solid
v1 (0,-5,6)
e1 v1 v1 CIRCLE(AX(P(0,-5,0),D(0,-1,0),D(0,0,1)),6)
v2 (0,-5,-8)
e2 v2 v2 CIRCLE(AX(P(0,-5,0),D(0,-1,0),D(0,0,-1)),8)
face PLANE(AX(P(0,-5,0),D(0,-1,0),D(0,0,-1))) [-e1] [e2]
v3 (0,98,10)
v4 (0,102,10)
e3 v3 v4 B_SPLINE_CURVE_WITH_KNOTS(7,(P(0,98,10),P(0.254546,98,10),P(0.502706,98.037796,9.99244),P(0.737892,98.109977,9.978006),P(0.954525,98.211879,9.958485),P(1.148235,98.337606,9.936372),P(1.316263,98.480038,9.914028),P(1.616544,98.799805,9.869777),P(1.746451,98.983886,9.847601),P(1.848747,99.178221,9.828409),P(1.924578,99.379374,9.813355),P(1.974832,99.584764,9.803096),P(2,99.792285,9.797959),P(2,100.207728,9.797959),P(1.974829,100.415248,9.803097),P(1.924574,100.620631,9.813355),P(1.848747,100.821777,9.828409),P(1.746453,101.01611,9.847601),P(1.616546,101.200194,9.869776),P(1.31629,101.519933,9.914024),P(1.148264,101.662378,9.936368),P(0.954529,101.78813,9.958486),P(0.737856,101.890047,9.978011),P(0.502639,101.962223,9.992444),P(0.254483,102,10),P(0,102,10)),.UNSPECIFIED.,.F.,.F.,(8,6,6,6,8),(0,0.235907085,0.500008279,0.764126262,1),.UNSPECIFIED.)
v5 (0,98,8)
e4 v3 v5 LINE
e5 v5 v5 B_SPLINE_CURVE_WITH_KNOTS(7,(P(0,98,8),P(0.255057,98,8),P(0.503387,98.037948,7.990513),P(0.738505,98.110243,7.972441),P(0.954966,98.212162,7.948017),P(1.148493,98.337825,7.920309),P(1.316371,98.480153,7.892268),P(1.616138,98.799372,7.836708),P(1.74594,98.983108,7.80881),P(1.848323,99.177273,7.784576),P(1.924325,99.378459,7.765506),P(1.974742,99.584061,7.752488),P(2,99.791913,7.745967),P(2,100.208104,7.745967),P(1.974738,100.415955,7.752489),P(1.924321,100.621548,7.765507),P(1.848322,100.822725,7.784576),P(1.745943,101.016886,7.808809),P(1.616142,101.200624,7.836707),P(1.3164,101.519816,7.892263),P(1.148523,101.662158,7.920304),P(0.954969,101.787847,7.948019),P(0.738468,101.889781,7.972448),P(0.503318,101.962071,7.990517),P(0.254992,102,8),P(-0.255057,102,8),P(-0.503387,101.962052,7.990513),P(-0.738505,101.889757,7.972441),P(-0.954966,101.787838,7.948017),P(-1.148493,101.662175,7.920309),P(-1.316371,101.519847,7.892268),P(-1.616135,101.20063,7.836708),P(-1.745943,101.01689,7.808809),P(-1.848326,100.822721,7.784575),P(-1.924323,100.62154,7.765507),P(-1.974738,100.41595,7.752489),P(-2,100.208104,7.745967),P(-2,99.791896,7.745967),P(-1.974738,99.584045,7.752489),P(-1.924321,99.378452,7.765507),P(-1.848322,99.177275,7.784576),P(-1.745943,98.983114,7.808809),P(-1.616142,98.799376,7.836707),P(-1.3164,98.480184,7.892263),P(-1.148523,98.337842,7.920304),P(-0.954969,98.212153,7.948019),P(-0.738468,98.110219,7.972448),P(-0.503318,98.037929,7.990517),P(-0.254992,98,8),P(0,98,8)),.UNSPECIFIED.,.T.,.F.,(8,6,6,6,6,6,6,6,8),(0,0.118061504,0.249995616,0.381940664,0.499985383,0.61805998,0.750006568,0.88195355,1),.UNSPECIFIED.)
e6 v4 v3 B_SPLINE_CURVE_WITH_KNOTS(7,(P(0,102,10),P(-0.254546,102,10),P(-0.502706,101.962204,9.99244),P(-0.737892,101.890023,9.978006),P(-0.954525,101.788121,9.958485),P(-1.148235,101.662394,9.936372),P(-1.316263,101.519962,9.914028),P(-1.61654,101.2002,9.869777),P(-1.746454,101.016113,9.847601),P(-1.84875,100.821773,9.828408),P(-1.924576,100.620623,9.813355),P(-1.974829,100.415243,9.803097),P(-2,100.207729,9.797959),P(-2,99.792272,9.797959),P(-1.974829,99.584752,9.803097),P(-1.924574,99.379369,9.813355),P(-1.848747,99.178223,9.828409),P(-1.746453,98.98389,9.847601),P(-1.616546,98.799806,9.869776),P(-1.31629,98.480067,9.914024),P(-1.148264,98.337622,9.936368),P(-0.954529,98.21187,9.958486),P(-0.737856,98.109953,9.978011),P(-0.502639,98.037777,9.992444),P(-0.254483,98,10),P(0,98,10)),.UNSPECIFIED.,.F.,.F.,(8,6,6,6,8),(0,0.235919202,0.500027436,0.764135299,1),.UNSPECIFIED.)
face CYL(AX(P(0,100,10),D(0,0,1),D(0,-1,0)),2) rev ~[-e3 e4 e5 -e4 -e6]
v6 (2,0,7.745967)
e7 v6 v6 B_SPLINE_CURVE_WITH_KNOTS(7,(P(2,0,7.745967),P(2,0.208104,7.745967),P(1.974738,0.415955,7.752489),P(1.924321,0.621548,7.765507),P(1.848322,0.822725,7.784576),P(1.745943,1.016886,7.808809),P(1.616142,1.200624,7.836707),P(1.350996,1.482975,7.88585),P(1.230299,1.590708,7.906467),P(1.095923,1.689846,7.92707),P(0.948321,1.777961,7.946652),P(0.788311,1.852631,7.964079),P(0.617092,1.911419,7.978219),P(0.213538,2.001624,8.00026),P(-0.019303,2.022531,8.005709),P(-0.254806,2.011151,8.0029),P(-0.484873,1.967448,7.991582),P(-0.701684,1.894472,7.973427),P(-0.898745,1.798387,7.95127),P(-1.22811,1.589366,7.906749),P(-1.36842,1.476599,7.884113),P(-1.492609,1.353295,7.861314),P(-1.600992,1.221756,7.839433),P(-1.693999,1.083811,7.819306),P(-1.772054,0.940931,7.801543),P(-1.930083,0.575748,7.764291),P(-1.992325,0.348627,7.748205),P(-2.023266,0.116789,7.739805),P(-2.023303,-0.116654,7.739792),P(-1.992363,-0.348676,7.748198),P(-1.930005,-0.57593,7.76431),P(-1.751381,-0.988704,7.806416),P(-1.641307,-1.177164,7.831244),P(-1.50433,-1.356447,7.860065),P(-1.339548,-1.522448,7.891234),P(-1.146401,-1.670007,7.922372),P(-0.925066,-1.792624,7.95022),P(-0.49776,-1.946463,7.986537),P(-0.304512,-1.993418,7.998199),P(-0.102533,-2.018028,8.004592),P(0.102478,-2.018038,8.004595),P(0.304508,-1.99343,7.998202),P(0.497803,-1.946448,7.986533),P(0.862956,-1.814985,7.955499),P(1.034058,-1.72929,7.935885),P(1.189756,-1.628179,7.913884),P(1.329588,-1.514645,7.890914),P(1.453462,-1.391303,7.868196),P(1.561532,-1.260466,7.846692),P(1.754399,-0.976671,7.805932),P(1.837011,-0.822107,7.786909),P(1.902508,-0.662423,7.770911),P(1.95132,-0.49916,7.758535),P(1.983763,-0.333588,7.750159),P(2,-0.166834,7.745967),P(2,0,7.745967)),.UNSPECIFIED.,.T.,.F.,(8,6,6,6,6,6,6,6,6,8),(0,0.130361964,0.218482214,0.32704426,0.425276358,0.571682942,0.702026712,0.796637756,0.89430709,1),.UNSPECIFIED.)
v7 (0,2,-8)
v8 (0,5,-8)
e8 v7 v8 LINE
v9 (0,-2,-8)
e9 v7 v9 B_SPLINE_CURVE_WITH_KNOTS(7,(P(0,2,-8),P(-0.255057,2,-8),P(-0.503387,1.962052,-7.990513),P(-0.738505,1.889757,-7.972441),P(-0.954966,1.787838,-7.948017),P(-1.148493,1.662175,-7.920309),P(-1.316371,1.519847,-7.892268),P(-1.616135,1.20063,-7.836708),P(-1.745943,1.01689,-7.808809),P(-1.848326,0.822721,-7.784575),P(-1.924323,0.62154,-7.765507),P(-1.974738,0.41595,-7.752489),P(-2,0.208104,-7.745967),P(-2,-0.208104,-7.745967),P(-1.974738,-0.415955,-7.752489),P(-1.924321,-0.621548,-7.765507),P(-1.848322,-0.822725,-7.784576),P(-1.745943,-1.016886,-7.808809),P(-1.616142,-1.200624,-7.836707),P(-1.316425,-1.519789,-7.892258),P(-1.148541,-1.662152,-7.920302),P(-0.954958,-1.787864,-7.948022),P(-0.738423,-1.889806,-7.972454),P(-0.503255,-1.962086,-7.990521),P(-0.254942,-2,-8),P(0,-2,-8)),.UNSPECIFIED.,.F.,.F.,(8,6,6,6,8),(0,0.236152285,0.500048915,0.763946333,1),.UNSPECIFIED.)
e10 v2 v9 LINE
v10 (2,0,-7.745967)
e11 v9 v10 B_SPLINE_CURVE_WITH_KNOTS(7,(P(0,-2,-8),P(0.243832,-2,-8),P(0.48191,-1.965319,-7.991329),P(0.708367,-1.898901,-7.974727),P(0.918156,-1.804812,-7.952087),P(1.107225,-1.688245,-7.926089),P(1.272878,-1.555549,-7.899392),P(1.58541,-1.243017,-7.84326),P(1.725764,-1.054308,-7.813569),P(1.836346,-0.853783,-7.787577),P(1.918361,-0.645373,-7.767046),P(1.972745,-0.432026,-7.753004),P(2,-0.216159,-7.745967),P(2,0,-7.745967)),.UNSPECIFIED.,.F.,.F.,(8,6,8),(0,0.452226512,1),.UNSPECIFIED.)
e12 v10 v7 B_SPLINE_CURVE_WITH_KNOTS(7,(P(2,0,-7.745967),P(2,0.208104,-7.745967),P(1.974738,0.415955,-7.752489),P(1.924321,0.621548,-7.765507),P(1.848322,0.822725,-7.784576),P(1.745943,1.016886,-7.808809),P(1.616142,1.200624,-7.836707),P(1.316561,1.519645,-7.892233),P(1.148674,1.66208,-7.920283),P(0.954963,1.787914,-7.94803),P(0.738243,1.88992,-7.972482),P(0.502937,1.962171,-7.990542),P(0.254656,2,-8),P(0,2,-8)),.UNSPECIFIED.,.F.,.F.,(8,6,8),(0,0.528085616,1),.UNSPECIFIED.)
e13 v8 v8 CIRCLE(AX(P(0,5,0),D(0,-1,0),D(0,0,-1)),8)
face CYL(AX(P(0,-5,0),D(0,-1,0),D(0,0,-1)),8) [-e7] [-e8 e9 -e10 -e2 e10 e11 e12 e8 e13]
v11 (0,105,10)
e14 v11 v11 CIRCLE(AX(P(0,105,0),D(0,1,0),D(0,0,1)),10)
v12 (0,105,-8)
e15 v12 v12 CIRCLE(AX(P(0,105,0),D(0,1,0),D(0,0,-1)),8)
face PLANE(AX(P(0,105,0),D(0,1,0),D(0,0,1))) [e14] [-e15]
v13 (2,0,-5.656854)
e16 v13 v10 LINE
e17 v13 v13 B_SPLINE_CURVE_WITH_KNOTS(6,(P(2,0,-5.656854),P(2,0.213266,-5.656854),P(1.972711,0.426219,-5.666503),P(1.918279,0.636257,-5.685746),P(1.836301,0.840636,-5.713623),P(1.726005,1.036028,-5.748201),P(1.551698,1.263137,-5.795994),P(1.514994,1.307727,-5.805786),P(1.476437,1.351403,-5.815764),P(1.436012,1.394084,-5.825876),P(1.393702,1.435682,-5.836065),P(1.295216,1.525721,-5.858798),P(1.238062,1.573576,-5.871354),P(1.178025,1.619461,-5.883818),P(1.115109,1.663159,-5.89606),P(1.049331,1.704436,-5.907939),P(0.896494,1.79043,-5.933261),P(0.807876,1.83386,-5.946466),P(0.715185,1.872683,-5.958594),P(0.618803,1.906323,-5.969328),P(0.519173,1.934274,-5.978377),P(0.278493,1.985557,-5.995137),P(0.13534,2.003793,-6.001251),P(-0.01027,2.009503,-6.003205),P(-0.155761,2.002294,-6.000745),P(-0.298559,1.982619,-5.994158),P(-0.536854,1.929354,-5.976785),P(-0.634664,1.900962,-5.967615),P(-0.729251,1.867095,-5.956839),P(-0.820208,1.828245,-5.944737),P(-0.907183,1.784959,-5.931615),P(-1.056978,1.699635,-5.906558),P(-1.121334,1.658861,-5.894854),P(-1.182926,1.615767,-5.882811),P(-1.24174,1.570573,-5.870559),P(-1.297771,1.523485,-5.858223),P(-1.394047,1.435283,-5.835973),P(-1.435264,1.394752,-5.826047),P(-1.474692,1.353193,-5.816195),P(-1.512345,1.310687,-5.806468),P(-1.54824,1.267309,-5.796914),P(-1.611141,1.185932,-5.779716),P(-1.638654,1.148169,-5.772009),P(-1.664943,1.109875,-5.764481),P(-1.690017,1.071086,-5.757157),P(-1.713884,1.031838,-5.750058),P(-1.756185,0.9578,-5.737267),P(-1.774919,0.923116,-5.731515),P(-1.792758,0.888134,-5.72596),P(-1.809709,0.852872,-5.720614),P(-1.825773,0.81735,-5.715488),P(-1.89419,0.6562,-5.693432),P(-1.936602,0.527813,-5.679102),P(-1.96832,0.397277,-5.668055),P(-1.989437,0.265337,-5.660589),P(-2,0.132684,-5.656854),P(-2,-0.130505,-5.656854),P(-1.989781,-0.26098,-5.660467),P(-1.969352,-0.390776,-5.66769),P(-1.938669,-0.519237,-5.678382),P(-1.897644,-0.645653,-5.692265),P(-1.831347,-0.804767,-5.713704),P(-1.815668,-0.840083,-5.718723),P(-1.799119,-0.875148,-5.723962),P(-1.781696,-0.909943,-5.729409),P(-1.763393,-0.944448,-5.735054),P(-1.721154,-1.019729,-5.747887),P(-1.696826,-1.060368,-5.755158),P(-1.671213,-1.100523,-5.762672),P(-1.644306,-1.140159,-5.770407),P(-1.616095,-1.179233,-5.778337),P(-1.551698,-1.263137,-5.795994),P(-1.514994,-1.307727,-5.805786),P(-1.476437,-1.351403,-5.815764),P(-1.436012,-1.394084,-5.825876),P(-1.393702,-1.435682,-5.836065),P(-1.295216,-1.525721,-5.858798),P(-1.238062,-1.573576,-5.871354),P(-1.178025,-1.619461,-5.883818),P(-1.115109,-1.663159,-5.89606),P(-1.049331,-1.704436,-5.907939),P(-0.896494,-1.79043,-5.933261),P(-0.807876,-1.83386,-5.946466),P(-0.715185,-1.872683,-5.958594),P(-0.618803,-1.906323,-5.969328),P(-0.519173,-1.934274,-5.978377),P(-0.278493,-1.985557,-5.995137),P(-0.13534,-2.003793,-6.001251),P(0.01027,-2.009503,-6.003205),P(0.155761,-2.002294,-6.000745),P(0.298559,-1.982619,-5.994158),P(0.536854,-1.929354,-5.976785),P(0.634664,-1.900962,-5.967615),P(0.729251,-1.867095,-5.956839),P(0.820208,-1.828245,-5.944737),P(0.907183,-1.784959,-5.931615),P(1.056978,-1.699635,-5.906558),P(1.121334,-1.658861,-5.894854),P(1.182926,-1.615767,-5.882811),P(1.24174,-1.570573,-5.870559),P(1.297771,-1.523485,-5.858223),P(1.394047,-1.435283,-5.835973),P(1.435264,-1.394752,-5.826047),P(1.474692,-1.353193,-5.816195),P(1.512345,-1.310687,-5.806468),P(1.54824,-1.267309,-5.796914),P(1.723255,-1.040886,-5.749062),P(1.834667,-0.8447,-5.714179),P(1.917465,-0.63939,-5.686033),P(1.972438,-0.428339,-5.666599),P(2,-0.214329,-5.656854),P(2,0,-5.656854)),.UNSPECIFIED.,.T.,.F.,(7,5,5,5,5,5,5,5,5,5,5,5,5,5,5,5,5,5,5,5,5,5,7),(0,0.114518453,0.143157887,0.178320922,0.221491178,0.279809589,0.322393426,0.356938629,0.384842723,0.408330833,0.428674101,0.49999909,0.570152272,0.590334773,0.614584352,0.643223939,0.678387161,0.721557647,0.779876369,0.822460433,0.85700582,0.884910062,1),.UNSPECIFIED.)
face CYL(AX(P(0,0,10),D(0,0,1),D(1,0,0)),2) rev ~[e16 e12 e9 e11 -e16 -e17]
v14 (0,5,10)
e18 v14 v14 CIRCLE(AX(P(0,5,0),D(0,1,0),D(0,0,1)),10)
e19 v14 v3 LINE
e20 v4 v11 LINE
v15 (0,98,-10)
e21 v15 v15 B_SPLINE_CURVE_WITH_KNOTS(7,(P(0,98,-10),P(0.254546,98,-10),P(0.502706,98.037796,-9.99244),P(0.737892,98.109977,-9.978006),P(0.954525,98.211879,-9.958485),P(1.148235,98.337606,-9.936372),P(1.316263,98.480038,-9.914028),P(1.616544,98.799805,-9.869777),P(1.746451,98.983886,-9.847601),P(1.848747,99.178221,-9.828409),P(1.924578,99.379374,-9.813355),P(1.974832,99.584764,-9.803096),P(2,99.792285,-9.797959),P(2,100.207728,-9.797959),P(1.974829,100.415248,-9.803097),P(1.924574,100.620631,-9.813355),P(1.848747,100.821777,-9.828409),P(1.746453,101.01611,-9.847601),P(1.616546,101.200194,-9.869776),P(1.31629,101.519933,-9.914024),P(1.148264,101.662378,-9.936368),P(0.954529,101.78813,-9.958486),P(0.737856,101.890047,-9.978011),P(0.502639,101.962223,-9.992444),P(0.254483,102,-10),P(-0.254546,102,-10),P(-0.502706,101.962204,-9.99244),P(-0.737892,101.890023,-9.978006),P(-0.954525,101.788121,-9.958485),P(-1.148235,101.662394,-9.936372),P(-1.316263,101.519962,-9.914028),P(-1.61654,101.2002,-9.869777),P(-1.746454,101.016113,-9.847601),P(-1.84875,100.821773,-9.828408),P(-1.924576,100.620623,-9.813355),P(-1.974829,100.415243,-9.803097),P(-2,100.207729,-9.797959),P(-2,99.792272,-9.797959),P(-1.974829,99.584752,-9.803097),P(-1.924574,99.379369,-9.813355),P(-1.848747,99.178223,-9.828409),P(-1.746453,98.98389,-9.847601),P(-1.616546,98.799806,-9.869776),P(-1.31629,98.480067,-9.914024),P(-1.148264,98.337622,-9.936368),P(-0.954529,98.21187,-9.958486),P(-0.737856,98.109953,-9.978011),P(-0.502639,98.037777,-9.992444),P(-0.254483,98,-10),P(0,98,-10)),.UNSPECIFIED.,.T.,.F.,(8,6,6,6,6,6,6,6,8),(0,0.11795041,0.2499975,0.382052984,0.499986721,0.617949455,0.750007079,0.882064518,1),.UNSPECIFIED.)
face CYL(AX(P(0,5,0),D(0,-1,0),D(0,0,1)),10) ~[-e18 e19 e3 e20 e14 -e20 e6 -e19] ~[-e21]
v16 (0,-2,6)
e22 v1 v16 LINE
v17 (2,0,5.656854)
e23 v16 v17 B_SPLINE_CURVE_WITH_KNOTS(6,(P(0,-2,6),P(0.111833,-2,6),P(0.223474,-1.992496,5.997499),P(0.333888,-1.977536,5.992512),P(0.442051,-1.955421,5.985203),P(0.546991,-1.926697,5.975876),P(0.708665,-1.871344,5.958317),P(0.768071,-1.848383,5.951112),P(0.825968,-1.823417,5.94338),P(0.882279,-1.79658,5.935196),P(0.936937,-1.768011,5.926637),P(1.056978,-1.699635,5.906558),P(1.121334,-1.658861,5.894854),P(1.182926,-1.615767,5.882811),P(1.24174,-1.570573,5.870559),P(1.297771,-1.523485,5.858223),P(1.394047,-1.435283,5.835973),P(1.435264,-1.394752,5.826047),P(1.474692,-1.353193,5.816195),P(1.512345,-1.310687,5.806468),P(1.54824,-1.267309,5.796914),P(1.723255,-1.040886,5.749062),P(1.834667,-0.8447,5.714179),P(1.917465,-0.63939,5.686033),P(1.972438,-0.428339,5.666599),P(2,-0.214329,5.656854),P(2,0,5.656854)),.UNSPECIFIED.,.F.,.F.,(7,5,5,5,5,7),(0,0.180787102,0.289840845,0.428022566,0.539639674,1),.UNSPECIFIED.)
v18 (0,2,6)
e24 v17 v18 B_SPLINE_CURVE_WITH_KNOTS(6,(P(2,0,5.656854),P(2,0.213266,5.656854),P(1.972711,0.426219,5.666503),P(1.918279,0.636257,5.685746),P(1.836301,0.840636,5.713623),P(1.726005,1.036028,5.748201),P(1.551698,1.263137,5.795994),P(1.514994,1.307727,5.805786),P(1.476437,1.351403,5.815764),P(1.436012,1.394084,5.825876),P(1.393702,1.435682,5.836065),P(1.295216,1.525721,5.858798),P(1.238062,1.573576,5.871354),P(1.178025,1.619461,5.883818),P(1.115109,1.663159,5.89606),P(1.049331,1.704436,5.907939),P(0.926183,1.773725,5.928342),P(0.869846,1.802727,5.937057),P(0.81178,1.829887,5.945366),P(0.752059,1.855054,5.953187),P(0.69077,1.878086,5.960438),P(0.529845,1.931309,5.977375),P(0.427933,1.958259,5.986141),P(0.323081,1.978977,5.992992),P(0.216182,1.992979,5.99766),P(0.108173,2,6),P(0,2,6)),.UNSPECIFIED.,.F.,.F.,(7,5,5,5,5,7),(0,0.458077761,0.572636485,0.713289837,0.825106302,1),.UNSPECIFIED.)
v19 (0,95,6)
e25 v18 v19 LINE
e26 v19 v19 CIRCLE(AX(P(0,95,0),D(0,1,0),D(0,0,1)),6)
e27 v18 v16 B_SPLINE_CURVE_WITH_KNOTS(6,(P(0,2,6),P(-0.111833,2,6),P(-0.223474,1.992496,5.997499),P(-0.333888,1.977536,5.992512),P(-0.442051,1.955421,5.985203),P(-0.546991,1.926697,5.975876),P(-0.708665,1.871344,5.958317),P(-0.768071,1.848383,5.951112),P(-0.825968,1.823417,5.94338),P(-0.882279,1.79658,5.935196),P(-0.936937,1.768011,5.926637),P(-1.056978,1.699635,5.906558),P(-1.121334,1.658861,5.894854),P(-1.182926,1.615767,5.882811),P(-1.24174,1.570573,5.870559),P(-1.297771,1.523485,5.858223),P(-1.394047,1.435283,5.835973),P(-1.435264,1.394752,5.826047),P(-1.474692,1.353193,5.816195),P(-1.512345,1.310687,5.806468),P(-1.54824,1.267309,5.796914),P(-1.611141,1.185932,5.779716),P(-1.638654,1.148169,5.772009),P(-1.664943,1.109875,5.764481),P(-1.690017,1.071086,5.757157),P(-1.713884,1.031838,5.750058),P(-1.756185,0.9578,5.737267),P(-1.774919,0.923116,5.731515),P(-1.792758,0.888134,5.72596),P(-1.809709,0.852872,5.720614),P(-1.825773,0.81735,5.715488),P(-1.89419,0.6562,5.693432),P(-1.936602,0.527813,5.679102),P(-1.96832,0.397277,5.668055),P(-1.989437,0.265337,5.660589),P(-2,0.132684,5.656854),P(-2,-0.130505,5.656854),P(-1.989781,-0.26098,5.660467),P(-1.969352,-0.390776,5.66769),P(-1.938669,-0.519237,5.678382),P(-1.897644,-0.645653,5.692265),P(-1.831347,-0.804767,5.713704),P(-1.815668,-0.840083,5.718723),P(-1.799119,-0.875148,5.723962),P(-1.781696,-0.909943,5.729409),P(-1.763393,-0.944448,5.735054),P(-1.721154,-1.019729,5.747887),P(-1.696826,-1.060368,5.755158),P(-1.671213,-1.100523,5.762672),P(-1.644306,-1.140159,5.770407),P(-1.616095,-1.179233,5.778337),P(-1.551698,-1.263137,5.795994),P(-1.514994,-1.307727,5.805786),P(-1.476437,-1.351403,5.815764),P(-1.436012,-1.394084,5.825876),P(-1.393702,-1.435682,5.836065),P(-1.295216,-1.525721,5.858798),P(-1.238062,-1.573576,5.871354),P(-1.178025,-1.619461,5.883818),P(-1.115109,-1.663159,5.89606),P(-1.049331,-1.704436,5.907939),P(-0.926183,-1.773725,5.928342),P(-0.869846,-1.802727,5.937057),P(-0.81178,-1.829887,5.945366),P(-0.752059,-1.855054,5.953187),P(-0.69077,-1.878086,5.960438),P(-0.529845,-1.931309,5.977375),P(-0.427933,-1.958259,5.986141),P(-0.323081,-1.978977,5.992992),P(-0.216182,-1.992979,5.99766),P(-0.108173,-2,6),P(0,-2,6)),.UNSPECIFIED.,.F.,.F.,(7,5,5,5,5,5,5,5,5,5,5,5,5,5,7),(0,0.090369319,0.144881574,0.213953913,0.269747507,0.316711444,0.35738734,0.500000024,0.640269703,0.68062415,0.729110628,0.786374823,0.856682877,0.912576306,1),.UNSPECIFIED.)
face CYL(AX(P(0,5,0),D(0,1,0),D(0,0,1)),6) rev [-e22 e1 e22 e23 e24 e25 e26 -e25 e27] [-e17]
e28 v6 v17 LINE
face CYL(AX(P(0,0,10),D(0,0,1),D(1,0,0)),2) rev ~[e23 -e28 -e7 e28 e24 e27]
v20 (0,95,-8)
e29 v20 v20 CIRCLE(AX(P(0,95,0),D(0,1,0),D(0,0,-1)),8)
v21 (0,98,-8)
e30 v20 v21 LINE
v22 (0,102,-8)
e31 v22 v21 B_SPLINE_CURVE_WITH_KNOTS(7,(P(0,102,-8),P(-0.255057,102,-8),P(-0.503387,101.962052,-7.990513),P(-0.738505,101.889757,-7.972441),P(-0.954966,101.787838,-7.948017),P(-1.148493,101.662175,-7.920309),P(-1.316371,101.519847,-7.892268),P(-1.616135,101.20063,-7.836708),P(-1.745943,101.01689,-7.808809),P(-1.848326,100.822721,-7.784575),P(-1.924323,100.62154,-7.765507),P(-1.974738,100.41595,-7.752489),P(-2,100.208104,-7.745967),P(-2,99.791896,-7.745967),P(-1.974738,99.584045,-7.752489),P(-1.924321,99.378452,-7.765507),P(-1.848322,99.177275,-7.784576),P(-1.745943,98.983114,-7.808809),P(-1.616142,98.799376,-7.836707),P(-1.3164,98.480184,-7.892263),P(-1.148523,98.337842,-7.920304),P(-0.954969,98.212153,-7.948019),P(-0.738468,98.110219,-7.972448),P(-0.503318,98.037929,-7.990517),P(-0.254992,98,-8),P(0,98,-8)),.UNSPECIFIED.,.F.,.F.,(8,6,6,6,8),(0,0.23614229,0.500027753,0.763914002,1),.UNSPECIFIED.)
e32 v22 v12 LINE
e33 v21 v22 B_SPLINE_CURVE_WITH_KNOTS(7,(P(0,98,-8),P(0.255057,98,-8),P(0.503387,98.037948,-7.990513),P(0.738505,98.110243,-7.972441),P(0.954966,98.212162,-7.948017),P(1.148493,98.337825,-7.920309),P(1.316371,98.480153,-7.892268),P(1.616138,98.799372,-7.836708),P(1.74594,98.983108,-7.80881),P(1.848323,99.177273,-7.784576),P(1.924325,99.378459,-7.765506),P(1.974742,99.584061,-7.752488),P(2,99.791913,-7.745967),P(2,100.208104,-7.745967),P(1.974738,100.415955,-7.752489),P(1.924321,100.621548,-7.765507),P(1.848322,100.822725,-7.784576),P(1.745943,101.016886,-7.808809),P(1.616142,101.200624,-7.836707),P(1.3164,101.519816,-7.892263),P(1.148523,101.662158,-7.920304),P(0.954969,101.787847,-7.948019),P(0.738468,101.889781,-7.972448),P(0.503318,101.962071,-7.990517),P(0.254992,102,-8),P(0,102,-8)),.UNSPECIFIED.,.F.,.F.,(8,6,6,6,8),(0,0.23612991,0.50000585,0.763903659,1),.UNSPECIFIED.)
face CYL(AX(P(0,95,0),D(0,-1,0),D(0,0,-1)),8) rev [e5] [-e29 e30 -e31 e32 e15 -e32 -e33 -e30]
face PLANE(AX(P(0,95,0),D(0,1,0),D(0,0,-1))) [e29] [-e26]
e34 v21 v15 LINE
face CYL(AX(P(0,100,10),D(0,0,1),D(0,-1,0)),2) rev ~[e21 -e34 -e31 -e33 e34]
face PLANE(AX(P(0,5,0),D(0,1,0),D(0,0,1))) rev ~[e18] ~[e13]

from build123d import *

# Parameters (mm, degrees)
SKETCH2_R           = 7.9
BOSS_EXTRUDE1_DEPTH = 5
SKETCH3_R           = 10
BOSS_EXTRUDE2_DEPTH = 100
SKETCH4_R           = 6
CUT_EXTRUDE2_DEPTH  = 200
SKETCH5_R           = 8
BOSS_EXTRUDE3_DEPTH = 5
CUT_EXTRUDE3_START  = -5
SKETCH6_R           = 6
CUT_EXTRUDE3_DEPTH  = 5
BOSS_EXTRUDE5_START = 5
SKETCH10_R          = 8
BOSS_EXTRUDE5_DEPTH = 5
CUT_EXTRUDE5_START  = -10
SKETCH11_R          = 6
CUT_EXTRUDE5_DEPTH  = 10
SKETCH12_R          = 2
CUT_EXTRUDE6_DEPTH  = 20
SKETCH13_R          = 2
CUT_EXTRUDE7_DEPTH  = 20
CUT_EXTRUDE9_START  = -10
SKETCH15_R          = 8
CUT_EXTRUDE9_DEPTH  = 10


with BuildPart() as part:
    # Sketch2 → Boss-Extrude1 (new body)
    with BuildSketch(Plane(origin=(0, 0, 0), x_dir=(1, 0, 0), z_dir=(0, 1, 0))):
        with Locations(Location((0, 0, 0), (0, 0, 270))):
            Circle(SKETCH2_R)
    extrude(amount=BOSS_EXTRUDE1_DEPTH)

    # Sketch3 → Boss-Extrude2 (add)
    with BuildSketch(Plane(origin=(0, 5, 0), x_dir=(1, 0, 0), z_dir=(0, 1, 0))):
        with Locations(Location((0, 0, 0), (0, 0, 270))):
            Circle(SKETCH3_R)
    extrude(amount=BOSS_EXTRUDE2_DEPTH)

    # Sketch4 → Cut-Extrude2 (cut)
    with BuildSketch(Plane(origin=(0, 105, 0), x_dir=(1, 0, 0), z_dir=(0, 1, 0))):
        with Locations(Location((0, 0, 0), (0, 0, 270))):
            Circle(SKETCH4_R)
    extrude(amount=-CUT_EXTRUDE2_DEPTH, mode=Mode.SUBTRACT)

    # Sketch5 → Boss-Extrude3 (add)
    with BuildSketch(Plane(origin=(0, 0, 0), x_dir=(-1, 0, 0), z_dir=(0, -1, 0))):
        with Locations(Location((0, 0, 0), (0, 0, 90))):
            Circle(SKETCH5_R)
    extrude(amount=-BOSS_EXTRUDE3_DEPTH)

    # Sketch6 → Cut-Extrude3 (cut)
    with BuildSketch(Plane(origin=(0, 0, 0), x_dir=(-1, 0, 0), z_dir=(0, -1, 0)).offset(CUT_EXTRUDE3_START)):
        with Locations(Location((0, 0, 0), (0, 0, 270))):
            Circle(SKETCH6_R)
    extrude(amount=CUT_EXTRUDE3_DEPTH, mode=Mode.SUBTRACT)

    # Sketch10 → Boss-Extrude5 (add)
    with BuildSketch(Plane(origin=(0, 0, 0), x_dir=(-1, 0, 0), z_dir=(0, -1, 0)).offset(BOSS_EXTRUDE5_START)):
        with Locations(Location((0, 0, 0), (0, 0, 90))):
            Circle(SKETCH10_R)
    extrude(amount=-BOSS_EXTRUDE5_DEPTH)

    # Sketch11 → Cut-Extrude5 (cut)
    with BuildSketch(Plane(origin=(0, -5, 0), x_dir=(-1, 0, 0), z_dir=(0, -1, 0)).offset(CUT_EXTRUDE5_START)):
        with Locations(Location((0, 0, 0), (0, 0, 270))):
            Circle(SKETCH11_R)
    extrude(amount=CUT_EXTRUDE5_DEPTH, mode=Mode.SUBTRACT)

    # Sketch12 → Cut-Extrude6 (cut)
    with BuildSketch(Plane.XY.offset(10)):
        Circle(SKETCH12_R)
    extrude(amount=-CUT_EXTRUDE6_DEPTH, mode=Mode.SUBTRACT)

    # Sketch13 → Cut-Extrude7 (cut)
    with BuildSketch(Plane.XY.offset(10)):
        with Locations(Location((0, 100, 0), (0, 0, 270.000000021))):
            Circle(SKETCH13_R)
    extrude(amount=-CUT_EXTRUDE7_DEPTH, mode=Mode.SUBTRACT)

    # Sketch15 → Cut-Extrude9 (cut)
    with BuildSketch(Plane(origin=(0, 105, 0), x_dir=(1, 0, 0), z_dir=(0, 1, 0)).offset(CUT_EXTRUDE9_START)):
        with Locations(Location((0, 0, 0), (0, 0, 90))):
            Circle(SKETCH15_R)
    extrude(amount=CUT_EXTRUDE9_DEPTH, mode=Mode.SUBTRACT)


solid = part.part
